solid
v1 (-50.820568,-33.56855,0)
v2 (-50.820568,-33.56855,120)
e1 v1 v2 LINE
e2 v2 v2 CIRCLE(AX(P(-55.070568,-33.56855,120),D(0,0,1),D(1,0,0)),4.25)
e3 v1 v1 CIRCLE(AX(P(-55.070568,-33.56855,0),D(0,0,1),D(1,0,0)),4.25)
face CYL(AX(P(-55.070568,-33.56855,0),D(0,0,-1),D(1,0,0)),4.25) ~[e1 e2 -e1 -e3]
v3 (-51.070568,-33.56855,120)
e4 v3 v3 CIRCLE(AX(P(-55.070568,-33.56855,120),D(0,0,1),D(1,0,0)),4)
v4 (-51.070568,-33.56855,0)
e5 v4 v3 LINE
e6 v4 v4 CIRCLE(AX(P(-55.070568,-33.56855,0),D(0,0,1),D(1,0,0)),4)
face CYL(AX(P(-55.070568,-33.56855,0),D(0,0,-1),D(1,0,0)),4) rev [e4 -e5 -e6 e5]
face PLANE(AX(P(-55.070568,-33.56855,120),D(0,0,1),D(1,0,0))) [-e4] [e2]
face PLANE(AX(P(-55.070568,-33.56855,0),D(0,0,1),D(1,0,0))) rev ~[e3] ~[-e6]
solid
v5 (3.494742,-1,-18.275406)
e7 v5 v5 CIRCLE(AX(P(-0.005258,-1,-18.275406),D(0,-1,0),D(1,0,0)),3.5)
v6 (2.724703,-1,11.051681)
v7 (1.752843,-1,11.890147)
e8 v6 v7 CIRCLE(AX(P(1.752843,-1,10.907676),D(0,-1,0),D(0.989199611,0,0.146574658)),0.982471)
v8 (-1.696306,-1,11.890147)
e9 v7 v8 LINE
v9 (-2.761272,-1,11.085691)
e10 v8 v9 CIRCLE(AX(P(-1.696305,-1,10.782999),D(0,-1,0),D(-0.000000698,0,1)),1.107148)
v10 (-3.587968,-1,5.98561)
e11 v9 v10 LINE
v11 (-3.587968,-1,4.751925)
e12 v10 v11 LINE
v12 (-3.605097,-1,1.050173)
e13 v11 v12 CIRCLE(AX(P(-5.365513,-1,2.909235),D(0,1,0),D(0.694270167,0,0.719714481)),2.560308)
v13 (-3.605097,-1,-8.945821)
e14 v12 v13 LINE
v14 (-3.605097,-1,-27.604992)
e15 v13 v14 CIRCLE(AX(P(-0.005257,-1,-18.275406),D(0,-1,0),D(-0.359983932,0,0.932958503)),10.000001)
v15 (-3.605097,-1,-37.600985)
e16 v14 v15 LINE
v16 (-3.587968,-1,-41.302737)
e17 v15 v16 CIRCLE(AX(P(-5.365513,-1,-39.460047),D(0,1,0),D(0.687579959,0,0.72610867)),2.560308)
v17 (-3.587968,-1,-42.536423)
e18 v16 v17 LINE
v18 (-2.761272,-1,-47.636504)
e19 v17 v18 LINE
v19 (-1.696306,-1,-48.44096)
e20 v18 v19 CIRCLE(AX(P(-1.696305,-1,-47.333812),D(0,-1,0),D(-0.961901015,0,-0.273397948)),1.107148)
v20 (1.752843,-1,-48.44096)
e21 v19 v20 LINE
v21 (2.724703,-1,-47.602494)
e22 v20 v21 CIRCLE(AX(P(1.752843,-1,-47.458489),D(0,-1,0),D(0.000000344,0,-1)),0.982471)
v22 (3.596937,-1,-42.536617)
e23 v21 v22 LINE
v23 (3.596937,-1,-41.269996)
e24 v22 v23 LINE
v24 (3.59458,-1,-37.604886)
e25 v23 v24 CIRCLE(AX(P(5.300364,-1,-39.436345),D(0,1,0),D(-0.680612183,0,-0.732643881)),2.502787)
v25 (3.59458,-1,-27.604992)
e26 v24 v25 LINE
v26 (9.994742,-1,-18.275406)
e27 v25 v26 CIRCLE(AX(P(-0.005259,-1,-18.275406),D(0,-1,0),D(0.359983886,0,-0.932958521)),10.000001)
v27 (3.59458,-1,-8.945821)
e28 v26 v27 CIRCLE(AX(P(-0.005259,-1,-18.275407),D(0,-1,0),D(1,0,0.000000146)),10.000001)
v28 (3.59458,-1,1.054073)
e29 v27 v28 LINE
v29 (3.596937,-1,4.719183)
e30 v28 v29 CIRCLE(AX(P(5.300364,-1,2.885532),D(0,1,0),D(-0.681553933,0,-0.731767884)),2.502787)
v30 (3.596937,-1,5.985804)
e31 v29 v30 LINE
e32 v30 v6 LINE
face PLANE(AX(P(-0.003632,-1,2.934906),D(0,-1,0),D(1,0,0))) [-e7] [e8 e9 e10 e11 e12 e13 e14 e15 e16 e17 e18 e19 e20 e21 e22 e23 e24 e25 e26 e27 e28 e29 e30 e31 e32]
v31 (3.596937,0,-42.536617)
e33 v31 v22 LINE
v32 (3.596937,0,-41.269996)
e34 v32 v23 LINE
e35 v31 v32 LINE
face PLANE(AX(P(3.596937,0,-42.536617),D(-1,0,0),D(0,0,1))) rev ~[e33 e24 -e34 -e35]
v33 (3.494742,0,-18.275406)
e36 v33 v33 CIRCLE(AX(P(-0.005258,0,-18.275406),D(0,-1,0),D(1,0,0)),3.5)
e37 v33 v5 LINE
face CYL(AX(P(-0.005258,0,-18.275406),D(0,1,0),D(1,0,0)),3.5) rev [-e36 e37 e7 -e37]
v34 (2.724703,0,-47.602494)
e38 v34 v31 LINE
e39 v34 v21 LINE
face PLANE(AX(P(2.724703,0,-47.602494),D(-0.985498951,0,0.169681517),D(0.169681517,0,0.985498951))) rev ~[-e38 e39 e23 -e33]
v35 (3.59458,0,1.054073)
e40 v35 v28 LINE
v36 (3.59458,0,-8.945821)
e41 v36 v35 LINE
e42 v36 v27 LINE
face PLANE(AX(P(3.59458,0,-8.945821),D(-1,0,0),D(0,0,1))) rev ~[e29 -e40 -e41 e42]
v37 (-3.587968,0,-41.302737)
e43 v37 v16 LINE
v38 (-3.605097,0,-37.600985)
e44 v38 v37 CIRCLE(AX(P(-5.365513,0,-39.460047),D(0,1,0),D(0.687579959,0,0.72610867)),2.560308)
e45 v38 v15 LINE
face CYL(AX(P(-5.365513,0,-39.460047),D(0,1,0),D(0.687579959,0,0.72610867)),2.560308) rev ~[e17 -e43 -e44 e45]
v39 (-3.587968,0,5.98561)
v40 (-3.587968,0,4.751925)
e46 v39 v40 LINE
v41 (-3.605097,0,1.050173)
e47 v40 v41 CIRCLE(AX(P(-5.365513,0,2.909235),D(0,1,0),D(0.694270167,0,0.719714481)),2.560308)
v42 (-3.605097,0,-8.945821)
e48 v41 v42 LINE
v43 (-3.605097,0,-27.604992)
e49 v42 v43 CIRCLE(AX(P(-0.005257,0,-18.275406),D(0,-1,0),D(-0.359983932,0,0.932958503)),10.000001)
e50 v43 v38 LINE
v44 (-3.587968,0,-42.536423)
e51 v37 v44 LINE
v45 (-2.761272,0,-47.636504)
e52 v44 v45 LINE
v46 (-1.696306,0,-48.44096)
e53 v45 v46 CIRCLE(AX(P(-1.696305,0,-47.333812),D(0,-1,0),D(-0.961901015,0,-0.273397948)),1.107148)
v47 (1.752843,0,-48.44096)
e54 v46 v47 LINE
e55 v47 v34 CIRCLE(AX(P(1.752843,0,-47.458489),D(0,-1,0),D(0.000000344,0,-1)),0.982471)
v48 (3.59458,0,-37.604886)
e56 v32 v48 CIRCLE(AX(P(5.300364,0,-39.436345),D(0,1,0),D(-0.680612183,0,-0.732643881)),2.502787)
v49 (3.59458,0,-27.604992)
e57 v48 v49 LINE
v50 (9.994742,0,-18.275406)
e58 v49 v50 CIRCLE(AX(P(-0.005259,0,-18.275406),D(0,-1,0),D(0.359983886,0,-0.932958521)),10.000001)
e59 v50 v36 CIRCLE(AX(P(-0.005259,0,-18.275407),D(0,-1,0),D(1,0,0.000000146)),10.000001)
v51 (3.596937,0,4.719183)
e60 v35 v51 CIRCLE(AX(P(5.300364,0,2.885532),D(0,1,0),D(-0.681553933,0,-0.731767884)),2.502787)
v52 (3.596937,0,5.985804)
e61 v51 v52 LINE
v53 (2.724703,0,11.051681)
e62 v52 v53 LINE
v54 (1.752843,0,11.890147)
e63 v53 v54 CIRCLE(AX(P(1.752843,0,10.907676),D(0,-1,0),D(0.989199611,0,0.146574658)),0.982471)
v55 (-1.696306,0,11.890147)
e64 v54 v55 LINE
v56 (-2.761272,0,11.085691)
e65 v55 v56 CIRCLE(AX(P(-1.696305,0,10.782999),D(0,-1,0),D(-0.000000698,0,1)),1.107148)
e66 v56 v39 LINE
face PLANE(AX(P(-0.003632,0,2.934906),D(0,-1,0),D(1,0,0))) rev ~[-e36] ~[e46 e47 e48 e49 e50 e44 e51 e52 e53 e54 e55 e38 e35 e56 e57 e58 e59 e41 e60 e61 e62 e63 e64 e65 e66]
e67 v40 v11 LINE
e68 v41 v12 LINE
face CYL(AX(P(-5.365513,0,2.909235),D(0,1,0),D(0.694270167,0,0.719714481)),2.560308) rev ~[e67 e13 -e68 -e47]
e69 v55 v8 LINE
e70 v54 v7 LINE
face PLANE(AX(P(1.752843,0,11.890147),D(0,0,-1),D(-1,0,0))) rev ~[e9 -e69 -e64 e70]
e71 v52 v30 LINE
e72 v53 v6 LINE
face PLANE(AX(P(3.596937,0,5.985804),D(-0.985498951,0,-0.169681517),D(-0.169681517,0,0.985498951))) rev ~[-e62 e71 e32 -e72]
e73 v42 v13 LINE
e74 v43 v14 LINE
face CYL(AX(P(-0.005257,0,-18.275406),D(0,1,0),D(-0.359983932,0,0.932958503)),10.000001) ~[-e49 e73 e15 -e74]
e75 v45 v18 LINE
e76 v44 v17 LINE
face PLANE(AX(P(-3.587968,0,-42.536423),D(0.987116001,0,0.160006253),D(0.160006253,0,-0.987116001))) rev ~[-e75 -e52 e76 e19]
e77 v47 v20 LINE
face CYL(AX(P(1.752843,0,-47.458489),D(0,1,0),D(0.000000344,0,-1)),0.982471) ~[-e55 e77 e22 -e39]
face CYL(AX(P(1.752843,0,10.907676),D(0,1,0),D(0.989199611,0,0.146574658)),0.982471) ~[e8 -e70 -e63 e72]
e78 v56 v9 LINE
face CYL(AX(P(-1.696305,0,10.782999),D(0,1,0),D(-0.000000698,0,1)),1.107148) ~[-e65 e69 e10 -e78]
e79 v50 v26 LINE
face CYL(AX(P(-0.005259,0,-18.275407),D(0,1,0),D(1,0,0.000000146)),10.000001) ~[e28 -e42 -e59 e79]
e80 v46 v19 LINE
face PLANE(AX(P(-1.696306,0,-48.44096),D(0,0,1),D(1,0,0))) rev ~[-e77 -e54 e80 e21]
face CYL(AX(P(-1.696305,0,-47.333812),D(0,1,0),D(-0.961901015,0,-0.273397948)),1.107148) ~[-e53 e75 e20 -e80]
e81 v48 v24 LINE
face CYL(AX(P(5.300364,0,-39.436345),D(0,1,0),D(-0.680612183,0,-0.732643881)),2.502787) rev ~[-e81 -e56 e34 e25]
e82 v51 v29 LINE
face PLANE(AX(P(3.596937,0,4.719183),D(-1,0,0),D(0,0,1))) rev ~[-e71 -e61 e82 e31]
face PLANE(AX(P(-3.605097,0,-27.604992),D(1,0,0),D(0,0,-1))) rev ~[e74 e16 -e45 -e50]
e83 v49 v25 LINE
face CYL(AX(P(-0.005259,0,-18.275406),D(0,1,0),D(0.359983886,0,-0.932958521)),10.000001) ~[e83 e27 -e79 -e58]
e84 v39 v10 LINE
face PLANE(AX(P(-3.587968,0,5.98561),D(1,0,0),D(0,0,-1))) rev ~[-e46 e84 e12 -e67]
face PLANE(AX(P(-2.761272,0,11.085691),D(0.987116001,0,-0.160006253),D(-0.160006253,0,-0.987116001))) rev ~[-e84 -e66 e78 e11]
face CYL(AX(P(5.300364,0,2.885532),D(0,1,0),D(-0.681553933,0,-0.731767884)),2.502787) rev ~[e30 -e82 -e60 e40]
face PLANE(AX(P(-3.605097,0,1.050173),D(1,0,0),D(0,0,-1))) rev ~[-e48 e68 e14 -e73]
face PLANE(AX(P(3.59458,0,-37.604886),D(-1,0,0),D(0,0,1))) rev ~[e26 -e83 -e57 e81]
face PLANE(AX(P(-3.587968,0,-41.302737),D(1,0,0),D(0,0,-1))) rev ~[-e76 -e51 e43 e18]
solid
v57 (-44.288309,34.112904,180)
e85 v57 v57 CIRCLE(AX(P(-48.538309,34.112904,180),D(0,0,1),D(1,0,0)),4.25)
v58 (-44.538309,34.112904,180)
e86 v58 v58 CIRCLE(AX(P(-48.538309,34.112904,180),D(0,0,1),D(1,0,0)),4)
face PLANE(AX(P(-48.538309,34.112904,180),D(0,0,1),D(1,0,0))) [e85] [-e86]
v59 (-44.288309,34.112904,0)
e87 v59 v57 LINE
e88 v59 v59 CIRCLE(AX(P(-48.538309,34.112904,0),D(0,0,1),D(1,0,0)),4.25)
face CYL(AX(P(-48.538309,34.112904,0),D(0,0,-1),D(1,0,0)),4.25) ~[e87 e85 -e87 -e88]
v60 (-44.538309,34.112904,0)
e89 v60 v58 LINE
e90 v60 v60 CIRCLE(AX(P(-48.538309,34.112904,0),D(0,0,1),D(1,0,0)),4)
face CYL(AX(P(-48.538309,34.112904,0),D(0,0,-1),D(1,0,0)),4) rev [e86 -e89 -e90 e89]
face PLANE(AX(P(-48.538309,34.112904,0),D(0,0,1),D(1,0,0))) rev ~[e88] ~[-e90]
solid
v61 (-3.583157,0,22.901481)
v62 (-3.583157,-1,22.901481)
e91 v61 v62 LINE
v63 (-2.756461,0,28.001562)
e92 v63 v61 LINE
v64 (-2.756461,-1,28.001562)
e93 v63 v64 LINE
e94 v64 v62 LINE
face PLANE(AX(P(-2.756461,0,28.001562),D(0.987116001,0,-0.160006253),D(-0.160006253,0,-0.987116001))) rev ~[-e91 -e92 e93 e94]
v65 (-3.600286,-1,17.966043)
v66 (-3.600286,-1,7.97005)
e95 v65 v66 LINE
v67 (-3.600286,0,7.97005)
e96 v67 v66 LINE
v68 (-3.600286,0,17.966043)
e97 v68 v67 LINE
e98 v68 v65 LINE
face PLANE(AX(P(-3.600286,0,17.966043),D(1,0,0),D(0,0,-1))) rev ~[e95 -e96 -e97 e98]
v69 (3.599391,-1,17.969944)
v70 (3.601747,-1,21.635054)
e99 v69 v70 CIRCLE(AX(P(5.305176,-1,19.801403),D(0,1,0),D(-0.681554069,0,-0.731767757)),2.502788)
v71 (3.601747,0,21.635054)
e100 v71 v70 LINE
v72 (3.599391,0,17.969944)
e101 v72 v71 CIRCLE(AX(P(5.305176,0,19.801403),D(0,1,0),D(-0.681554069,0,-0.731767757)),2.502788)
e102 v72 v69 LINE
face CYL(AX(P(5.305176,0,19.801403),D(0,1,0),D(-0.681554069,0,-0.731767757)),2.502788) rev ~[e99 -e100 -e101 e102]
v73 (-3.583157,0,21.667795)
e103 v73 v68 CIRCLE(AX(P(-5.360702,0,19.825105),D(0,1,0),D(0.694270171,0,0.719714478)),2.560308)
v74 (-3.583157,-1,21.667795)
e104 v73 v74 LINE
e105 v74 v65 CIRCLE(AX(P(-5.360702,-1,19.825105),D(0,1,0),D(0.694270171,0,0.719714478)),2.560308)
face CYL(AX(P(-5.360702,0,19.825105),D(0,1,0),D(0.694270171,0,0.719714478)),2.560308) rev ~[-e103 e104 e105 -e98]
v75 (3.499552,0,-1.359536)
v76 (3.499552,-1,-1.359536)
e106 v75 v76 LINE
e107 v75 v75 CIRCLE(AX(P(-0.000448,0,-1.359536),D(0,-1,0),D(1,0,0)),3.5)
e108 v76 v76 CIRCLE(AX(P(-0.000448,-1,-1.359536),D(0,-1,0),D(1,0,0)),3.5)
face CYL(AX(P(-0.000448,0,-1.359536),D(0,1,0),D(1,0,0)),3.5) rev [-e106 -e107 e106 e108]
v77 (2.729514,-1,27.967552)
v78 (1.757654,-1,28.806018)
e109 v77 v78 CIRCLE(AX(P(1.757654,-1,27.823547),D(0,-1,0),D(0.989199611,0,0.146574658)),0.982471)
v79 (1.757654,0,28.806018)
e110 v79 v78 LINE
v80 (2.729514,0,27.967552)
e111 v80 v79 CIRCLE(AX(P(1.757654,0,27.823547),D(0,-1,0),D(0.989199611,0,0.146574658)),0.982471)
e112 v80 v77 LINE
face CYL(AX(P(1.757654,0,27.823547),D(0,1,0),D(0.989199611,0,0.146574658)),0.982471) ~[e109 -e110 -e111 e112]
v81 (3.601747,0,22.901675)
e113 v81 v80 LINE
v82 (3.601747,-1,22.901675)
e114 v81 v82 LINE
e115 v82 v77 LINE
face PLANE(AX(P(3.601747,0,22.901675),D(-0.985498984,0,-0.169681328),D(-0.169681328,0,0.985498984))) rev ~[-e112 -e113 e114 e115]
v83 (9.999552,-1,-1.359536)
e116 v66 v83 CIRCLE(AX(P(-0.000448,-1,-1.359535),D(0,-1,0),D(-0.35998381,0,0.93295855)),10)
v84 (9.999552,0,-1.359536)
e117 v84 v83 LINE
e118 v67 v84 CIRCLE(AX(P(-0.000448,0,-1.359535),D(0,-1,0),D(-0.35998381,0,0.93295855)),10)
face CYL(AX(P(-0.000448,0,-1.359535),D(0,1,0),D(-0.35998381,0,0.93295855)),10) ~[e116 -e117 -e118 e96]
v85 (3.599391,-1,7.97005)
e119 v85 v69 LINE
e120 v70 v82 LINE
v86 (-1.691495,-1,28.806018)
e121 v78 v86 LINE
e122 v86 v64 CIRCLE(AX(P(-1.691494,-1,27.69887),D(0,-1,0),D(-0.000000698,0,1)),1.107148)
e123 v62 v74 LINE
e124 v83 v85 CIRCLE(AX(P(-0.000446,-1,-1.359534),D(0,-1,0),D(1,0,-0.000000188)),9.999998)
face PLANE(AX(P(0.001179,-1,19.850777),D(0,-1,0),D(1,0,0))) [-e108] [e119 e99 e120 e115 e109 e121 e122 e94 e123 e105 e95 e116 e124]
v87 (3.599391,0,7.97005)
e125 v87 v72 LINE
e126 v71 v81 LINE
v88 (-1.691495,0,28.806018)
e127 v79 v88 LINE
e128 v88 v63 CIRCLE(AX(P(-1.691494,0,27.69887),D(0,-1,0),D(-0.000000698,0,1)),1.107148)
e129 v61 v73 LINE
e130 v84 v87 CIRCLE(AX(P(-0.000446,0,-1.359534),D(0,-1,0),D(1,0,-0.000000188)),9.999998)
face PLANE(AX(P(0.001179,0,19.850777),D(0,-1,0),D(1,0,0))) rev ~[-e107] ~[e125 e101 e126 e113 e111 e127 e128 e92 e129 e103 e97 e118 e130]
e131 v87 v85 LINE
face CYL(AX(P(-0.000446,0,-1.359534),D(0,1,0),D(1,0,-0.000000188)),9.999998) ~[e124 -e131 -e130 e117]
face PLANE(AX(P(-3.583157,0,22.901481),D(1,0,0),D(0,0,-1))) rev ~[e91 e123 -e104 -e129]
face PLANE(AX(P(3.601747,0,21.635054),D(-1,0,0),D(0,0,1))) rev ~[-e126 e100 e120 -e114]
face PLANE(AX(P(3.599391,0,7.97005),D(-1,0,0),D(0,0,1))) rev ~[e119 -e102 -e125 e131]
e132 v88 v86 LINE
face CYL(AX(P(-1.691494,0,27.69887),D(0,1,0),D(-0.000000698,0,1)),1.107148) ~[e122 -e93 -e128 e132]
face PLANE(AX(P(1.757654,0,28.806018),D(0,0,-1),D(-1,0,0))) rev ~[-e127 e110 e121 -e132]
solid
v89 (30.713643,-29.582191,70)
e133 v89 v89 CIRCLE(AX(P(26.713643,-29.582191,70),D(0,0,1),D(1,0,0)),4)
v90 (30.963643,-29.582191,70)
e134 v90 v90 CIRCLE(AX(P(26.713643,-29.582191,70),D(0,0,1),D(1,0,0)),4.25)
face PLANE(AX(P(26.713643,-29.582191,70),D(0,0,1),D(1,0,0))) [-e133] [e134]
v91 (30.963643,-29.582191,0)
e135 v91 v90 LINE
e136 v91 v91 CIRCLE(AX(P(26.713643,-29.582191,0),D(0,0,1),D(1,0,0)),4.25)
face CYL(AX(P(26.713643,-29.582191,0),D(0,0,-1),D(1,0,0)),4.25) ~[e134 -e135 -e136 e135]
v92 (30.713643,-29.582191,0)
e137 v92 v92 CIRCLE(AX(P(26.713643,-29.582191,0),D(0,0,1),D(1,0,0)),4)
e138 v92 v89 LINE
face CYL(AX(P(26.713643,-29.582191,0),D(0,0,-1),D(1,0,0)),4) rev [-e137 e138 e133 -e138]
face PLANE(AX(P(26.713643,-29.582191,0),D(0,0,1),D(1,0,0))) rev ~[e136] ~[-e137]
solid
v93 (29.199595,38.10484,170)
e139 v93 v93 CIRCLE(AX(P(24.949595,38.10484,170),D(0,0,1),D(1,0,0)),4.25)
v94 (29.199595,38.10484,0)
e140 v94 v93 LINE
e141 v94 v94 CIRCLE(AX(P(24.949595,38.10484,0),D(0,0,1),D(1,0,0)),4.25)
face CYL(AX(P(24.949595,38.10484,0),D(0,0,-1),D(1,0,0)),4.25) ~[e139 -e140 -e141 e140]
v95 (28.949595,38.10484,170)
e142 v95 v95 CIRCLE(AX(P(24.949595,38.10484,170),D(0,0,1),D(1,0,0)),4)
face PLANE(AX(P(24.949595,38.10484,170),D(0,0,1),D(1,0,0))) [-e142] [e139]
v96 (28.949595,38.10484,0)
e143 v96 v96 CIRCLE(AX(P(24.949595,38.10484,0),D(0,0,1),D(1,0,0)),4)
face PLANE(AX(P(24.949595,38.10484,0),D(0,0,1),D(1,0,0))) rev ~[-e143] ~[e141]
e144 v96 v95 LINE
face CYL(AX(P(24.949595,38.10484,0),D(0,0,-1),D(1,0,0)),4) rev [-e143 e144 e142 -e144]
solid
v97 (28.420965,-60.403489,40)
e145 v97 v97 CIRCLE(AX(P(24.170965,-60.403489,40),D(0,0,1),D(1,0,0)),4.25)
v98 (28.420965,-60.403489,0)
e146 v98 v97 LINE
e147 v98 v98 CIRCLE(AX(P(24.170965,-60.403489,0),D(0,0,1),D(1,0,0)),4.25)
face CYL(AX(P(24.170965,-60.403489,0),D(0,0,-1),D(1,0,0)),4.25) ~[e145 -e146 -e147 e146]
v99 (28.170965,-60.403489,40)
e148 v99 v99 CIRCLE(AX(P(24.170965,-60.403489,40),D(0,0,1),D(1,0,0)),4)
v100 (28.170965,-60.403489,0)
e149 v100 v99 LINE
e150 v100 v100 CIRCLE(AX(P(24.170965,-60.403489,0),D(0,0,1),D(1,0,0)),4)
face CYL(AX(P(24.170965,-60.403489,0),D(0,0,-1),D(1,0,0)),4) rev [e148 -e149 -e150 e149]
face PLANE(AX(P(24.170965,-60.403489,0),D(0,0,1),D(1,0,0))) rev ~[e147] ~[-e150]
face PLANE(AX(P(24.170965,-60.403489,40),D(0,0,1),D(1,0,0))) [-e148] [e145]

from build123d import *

# Parameters (mm, degrees)
F0_R      = 3.5
F1_DEPTH  = 1
F2_R      = 4.25
F2_R_2    = 4
F3_DEPTH  = 120
F4_R      = 4.25
F4_R_2    = 4
F5_DEPTH  = 180
F6_R      = 4.25
F6_R_2    = 4
F7_DEPTH  = 170
F8_R      = 4.25
F8_R_2    = 4
F9_DEPTH  = 70
F10_R     = 4.25
F10_R_2   = 4
F11_DEPTH = 40
F12_R     = 3.5
F13_DEPTH = 1


with BuildPart() as f1:
    # F0 (on Front) → F1 (new body)
    with BuildSketch(Plane.XZ):
        with BuildLine():
            ThreePointArc((-1.691495, 28.806018), (-2.358822, 28.582301), (-2.756461, 28.001562))
            Line((-2.756461, 28.001562), (-3.583157, 22.901481))
            Line((-3.583157, 22.901481), (-3.583157, 21.667795))
            ThreePointArc((-3.583157, 21.667795), (-2.800422, 19.813258), (-3.600286, 17.966043))
            Line((-3.600286, 17.966043), (-3.600286, 11.83005))
            Line((-3.600286, 11.83005), (3.599391, 11.83005))
            Line((3.599391, 11.83005), (3.599391, 17.969944))
            ThreePointArc((3.599391, 17.969944), (2.802389, 19.803012), (3.601747, 21.635054))
            Line((3.601747, 21.635054), (3.601747, 22.901675))
            Line((3.601747, 22.901675), (2.729514, 27.967552))
            ThreePointArc((2.729514, 27.967552), (2.399436, 28.567432), (1.757654, 28.806018))
            Line((1.757654, 28.806018), (-1.691495, 28.806018))
        make_face()
        with BuildLine():
            Line((3.599391, 11.83005), (-3.600286, 11.83005))
            Line((-3.600286, 11.83005), (-3.600286, 7.97005))
            ThreePointArc((-3.600286, 7.97005), (-0.000448, 8.640464), (3.599391, 7.97005))
            Line((3.599391, 7.97005), (3.599391, 11.83005))
        make_face()
        with BuildLine():
            ThreePointArc((3.599391, 7.97005), (-0.000448, 8.640464), (-3.600286, 7.97005))
            Line((-3.600286, 7.97005), (3.599391, 7.97005))
        make_face()
        with BuildLine():
            Line((3.599391, 7.97005), (-3.600286, 7.97005))
            ThreePointArc((-3.600286, 7.97005), (-5.657373, -9.605698), (9.999552, -1.359536))
            ThreePointArc((9.999552, -1.359536), (8.245715, 4.29739), (3.599391, 7.97005))
        make_face()
        with Locations((-0.000448, -1.359536)):
            Circle(F0_R, mode=Mode.SUBTRACT)
    extrude(amount=F1_DEPTH)


with BuildPart() as f3:
    # F2 (on Top) → F3 (new body)
    with BuildSketch(Plane.XY):
        with Locations((-55.070568, -33.56855)):
            Circle(F2_R)
        with Locations((-55.070568, -33.56855)):
            Circle(F2_R_2, mode=Mode.SUBTRACT)
    extrude(amount=F3_DEPTH)


with BuildPart() as f5:
    # F4 (on Top) → F5 (new body)
    with BuildSketch(Plane.XY):
        with Locations((-48.538309, 34.112904)):
            Circle(F4_R)
        with Locations((-48.538309, 34.112904)):
            Circle(F4_R_2, mode=Mode.SUBTRACT)
    extrude(amount=F5_DEPTH)


with BuildPart() as f7:
    # F6 (on Top) → F7 (new body)
    with BuildSketch(Plane.XY):
        with Locations((24.949595, 38.10484)):
            Circle(F6_R)
        with Locations((24.949595, 38.10484)):
            Circle(F6_R_2, mode=Mode.SUBTRACT)
    extrude(amount=F7_DEPTH)


with BuildPart() as f9:
    # F8 (on Top) → F9 (new body)
    with BuildSketch(Plane.XY):
        with Locations((26.713643, -29.582191)):
            Circle(F8_R)
        with Locations((26.713643, -29.582191)):
            Circle(F8_R_2, mode=Mode.SUBTRACT)
    extrude(amount=F9_DEPTH)


with BuildPart() as f11:
    # F10 (on Top) → F11 (new body)
    with BuildSketch(Plane.XY):
        with Locations((24.170965, -60.403489)):
            Circle(F10_R)
        with Locations((24.170965, -60.403489)):
            Circle(F10_R_2, mode=Mode.SUBTRACT)
    extrude(amount=F11_DEPTH)


with BuildPart() as f13:
    # F12 (on Front) → F13 (new body)
    with BuildSketch(Plane.XZ):
        with BuildLine():
            ThreePointArc((-1.696306, 11.890147), (-2.363633, 11.66643), (-2.761272, 11.085691))
            Line((-2.761272, 11.085691), (-3.587968, 5.98561))
            Line((-3.587968, 5.98561), (-3.587968, 4.751925))
            ThreePointArc((-3.587968, 4.751925), (-2.805233, 2.897387), (-3.605097, 1.050173))
            Line((-3.605097, 1.050173), (-3.605097, -5.085821))
            Line((-3.605097, -5.085821), (3.59458, -5.085821))
            Line((3.59458, -5.085821), (3.59458, 1.054073))
            ThreePointArc((3.59458, 1.054073), (2.797578, 2.887141), (3.596937, 4.719183))
            Line((3.596937, 4.719183), (3.596937, 5.985804))
            Line((3.596937, 5.985804), (2.724703, 11.051681))
            ThreePointArc((2.724703, 11.051681), (2.394625, 11.651561), (1.752843, 11.890147))
            Line((1.752843, 11.890147), (-1.696306, 11.890147))
        make_face()
        with BuildLine():
            Line((3.59458, -5.085821), (-3.605097, -5.085821))
            Line((-3.605097, -5.085821), (-3.605097, -8.945821))
            ThreePointArc((-3.605097, -8.945821), (-0.005258, -8.275406), (3.59458, -8.945821))
            Line((3.59458, -8.945821), (3.59458, -5.085821))
        make_face()
        with BuildLine():
            Line((3.59458, -8.945821), (-3.605097, -8.945821))
            ThreePointArc((-3.605097, -8.945821), (-10.005258, -18.275406), (-3.605097, -27.604992))
            Line((-3.605097, -27.604992), (3.59458, -27.604992))
            ThreePointArc((3.59458, -27.604992), (8.240904, -23.932332), (9.994742, -18.275406))
            ThreePointArc((9.994742, -18.275406), (8.240904, -12.618481), (3.59458, -8.945821))
        make_face()
        with Locations((-0.005258, -18.275406)):
            Circle(F12_R, mode=Mode.SUBTRACT)
        with BuildLine():
            ThreePointArc((3.59458, -27.604992), (-0.005258, -28.275406), (-3.605097, -27.604992))
            Line((-3.605097, -27.604992), (-3.605097, -31.464992))
            Line((-3.605097, -31.464992), (3.59458, -31.464992))
            Line((3.59458, -31.464992), (3.59458, -27.604992))
        make_face()
        with BuildLine():
            Line((3.59458, -31.464992), (-3.605097, -31.464992))
            Line((-3.605097, -31.464992), (-3.605097, -37.600985))
            ThreePointArc((-3.605097, -37.600985), (-2.805233, -39.4482), (-3.587968, -41.302737))
            Line((-3.587968, -41.302737), (-3.587968, -42.536423))
            Line((-3.587968, -42.536423), (-2.761272, -47.636504))
            ThreePointArc((-2.761272, -47.636504), (-2.363633, -48.217243), (-1.696306, -48.44096))
            Line((-1.696306, -48.44096), (1.752843, -48.44096))
            ThreePointArc((1.752843, -48.44096), (2.394625, -48.202374), (2.724703, -47.602494))
            Line((2.724703, -47.602494), (3.596937, -42.536617))
            Line((3.596937, -42.536617), (3.596937, -41.269996))
            ThreePointArc((3.596937, -41.269996), (2.797578, -39.437954), (3.59458, -37.604886))
            Line((3.59458, -37.604886), (3.59458, -31.464992))
        make_face()
        with BuildLine():
            ThreePointArc((3.59458, -8.945821), (-0.005258, -8.275406), (-3.605097, -8.945821))
            Line((-3.605097, -8.945821), (3.59458, -8.945821))
        make_face()
        with BuildLine():
            Line((3.59458, -27.604992), (-3.605097, -27.604992))
            ThreePointArc((-3.605097, -27.604992), (-0.005258, -28.275406), (3.59458, -27.604992))
        make_face()
    extrude(amount=F13_DEPTH)


solid = Compound([f1.part, f3.part, f5.part, f7.part, f9.part, f11.part, f13.part])
